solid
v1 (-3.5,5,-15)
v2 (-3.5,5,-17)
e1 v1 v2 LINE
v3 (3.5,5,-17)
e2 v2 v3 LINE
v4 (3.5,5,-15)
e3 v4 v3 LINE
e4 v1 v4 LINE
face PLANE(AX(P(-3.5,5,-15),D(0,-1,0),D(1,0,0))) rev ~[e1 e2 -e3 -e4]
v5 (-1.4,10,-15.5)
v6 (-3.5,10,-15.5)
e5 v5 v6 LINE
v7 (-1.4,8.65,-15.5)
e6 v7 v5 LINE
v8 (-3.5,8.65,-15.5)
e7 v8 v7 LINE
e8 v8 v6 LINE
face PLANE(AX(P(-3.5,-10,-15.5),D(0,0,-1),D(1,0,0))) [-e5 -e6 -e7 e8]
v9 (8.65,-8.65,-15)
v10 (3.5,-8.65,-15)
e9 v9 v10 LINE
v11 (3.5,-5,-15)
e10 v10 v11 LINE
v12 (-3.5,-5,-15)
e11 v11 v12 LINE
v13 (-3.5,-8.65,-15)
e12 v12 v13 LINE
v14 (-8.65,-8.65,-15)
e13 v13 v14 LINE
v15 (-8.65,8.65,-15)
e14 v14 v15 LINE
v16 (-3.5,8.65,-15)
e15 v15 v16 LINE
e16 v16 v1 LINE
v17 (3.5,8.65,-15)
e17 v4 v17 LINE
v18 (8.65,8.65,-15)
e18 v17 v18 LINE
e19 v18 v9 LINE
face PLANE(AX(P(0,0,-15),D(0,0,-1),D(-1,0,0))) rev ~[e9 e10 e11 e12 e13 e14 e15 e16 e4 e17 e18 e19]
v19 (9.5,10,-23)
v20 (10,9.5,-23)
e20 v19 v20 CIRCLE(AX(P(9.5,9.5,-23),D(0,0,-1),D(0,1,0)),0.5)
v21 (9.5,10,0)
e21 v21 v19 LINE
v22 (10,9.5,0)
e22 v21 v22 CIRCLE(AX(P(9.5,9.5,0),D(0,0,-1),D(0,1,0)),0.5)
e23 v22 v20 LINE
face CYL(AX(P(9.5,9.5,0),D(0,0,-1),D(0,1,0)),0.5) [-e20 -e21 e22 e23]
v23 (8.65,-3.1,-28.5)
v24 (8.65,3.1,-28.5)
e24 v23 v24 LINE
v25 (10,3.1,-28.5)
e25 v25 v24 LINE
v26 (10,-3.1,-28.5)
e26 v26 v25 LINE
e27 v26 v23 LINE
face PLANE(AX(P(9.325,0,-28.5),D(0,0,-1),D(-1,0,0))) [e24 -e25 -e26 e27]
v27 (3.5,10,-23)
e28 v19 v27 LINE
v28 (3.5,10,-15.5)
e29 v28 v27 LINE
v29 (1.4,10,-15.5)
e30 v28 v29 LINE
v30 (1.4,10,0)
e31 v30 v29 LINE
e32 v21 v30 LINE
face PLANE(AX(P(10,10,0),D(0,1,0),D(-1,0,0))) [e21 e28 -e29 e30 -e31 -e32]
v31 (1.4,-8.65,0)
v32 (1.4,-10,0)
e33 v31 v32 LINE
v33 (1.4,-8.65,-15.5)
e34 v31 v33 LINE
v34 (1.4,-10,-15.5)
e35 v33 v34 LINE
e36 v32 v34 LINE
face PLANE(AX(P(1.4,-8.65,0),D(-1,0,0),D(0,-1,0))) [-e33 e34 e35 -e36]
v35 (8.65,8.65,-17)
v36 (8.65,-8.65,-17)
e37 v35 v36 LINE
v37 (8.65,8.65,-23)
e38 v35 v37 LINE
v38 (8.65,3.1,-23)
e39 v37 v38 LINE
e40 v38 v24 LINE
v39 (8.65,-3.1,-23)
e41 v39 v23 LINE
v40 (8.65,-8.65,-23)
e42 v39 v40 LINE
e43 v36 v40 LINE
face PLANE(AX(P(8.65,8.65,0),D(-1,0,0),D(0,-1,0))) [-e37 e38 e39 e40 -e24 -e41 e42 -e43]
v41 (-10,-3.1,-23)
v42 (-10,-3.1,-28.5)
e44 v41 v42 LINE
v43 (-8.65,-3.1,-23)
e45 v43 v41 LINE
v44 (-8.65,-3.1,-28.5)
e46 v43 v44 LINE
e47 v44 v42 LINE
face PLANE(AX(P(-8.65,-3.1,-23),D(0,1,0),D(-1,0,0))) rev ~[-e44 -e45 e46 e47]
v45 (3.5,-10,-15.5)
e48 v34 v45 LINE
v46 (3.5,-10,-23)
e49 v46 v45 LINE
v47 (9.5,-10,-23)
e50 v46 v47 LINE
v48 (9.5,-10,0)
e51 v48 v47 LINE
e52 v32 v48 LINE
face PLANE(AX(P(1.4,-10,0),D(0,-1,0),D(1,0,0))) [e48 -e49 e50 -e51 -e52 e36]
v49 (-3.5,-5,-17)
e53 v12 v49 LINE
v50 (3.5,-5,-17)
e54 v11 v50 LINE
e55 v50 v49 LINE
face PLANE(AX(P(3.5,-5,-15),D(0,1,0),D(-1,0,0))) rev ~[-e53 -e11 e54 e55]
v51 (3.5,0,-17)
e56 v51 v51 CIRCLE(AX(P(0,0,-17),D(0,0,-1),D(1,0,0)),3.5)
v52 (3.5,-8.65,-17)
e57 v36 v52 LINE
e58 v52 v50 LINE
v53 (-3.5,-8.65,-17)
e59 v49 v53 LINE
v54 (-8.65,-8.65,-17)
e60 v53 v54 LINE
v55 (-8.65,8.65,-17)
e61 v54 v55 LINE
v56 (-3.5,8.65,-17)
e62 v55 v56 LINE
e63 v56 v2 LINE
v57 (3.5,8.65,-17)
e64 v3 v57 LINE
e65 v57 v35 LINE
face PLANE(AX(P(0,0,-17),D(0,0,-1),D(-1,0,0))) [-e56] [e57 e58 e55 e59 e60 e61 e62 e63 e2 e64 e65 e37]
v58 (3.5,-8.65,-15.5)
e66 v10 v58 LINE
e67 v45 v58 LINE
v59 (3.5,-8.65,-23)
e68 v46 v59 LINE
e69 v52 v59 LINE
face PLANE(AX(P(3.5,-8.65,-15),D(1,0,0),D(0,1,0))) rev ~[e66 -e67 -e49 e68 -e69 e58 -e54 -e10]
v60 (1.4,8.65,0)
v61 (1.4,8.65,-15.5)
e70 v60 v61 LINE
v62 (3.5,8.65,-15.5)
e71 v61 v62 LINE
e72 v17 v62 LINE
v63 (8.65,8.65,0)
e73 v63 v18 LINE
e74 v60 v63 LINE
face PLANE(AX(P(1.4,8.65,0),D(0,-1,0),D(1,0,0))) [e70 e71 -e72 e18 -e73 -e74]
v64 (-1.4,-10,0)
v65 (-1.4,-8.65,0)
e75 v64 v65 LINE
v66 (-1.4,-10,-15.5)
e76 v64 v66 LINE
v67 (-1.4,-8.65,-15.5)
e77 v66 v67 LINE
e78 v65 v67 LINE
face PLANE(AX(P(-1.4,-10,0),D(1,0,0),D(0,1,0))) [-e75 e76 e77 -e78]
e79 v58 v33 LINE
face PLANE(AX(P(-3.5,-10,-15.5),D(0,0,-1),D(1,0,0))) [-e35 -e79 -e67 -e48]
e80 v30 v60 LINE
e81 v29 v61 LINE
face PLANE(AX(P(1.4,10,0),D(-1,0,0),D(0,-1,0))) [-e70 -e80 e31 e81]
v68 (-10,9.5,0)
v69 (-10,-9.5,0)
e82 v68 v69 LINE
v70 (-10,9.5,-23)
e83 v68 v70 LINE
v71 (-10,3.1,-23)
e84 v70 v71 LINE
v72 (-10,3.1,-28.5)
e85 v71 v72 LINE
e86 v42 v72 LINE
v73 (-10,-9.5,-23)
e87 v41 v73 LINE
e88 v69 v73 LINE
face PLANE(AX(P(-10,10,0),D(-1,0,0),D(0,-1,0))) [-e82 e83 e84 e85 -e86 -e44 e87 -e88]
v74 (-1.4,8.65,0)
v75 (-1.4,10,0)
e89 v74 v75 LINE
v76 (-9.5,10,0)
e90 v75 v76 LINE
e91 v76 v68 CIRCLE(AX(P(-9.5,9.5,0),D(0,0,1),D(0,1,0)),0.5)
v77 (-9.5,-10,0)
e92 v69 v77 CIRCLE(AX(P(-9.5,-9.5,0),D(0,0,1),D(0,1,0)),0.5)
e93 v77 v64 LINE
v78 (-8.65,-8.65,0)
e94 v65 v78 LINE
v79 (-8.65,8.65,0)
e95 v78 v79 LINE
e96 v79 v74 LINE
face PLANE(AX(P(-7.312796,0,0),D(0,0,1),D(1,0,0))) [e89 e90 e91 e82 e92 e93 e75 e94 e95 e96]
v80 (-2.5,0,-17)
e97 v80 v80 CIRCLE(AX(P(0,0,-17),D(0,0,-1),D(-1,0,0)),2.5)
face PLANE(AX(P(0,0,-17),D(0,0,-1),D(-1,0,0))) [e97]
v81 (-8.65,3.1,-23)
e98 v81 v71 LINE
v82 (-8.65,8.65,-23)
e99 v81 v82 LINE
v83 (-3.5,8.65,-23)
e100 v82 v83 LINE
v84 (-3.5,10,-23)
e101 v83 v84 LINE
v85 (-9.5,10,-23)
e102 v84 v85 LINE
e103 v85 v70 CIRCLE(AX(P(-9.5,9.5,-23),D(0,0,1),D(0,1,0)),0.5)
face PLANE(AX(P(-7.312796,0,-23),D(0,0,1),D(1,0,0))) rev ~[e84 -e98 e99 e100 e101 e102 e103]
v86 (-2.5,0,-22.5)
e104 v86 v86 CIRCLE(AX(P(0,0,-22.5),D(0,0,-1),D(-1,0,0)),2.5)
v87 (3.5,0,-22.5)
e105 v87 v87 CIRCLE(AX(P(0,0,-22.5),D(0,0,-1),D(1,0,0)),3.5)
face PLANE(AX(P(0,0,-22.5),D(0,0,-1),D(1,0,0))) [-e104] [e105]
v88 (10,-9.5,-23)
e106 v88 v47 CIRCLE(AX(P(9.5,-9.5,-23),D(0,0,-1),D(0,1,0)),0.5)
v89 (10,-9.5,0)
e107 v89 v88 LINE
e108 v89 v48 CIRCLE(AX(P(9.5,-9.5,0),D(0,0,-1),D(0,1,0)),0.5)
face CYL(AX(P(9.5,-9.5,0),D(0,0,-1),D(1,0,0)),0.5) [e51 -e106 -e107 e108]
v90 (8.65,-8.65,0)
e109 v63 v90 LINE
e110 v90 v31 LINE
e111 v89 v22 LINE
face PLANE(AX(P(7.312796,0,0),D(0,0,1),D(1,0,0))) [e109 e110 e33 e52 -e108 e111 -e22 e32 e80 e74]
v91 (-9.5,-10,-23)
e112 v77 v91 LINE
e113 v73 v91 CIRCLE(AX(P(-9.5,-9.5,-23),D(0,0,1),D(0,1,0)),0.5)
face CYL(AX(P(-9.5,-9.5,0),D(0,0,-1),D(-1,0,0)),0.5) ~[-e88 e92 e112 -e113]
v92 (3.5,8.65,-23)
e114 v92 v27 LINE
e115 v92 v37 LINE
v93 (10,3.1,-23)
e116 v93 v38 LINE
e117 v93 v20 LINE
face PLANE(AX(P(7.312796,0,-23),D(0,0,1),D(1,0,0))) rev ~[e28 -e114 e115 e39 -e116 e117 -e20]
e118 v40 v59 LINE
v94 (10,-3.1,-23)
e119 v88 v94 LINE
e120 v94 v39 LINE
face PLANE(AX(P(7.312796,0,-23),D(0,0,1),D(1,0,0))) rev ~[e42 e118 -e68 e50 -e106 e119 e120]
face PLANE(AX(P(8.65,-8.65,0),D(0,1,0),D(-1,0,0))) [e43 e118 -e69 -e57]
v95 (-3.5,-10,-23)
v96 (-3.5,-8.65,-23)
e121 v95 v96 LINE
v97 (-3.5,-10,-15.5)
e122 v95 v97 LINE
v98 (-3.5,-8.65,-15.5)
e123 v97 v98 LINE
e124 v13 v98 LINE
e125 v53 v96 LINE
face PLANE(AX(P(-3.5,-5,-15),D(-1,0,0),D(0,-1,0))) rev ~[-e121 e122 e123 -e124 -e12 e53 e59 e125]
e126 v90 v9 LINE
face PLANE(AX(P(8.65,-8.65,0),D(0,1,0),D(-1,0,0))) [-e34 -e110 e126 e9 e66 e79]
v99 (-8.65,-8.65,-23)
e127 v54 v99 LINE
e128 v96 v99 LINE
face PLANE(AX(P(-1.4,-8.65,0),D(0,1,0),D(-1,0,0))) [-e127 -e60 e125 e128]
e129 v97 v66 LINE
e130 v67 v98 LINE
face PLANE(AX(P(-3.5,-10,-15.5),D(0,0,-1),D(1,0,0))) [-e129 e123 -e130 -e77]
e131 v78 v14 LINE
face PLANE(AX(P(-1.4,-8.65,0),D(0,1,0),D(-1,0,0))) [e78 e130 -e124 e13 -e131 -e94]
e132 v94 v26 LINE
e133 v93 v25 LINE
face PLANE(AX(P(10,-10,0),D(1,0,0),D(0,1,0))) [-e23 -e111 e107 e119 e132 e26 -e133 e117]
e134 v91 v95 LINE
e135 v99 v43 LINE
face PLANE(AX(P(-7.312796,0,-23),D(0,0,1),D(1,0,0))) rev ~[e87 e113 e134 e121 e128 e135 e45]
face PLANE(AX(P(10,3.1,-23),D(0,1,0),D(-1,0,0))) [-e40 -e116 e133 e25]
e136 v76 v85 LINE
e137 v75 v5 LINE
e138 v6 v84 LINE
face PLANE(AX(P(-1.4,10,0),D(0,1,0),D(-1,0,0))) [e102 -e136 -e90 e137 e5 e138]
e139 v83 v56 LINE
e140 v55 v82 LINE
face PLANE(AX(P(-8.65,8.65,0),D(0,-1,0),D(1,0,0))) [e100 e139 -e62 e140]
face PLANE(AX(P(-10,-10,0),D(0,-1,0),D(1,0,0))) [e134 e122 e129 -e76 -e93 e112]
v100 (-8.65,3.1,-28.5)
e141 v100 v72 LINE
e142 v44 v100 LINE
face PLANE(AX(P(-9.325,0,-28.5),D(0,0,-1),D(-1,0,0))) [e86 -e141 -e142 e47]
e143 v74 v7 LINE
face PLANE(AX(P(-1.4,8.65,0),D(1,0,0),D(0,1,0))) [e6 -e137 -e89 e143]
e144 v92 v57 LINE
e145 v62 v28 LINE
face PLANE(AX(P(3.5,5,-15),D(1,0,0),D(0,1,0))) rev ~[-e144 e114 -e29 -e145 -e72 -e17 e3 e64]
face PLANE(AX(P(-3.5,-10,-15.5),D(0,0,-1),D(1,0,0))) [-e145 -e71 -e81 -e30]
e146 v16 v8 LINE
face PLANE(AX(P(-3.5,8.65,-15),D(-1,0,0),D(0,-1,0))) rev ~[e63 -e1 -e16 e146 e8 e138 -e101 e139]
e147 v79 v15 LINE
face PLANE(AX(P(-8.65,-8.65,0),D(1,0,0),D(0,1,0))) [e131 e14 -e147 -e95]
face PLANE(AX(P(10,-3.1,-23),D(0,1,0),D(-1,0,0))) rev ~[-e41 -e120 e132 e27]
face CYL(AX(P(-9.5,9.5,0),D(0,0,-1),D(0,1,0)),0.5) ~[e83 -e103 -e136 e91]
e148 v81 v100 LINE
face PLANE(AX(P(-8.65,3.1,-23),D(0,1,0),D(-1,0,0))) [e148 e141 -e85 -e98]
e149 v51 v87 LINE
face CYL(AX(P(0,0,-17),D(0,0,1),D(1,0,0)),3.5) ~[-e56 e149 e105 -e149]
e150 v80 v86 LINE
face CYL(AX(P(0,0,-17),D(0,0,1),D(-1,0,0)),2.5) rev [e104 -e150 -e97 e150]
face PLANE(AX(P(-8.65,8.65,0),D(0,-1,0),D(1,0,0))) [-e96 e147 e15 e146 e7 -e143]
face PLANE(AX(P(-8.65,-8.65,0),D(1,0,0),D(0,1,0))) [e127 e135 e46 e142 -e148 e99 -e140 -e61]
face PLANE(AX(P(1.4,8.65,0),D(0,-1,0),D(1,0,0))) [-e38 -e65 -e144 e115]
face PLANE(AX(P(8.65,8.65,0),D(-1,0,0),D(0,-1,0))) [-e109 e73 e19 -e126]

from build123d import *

# Parameters (mm, degrees)
BOSS_EXTRUDE1_DEPTH      = 23
BOSS_EXTRUDE1_2_DEPTH    = 23
SKETCH2_W                = 7
SKETCH2_H                = 7.5
CUT_EXTRUDE1_DEPTH       = 22
BOSS_EXTRUDE2_DEPTH      = 1.5
BOSS_EXTRUDE2_DEPTH_BACK = 0.5
FILLET1_R                = 0.5
SKETCH4_R                = 3.5
SKETCH4_R_2              = 2.5
BOSS_EXTRUDE3_DEPTH      = 5.5
SKETCH5_W                = 1.35
SKETCH5_H                = 6.2
BOSS_EXTRUDE4_DEPTH      = 5.5


with BuildPart() as part:
    # Sketch1 → Boss-Extrude1 (new body)
    with BuildSketch(Plane.XY):
        Polygon((-8.65, 8.65), (-1.4, 8.65), (-1.4, 10), (-10, 10), (-10, -10), (-1.4, -10), (-1.4, -8.65), (-8.65, -8.65), align=None)
    extrude(amount=-BOSS_EXTRUDE1_DEPTH)


with BuildPart() as body_2:
    # Sketch1 → Boss-Extrude1 2 (new body)
    with BuildSketch(Plane.XY):
        Polygon((10, -10), (10, 10), (1.4, 10), (1.4, 8.65), (8.65, 8.65), (8.65, -8.65), (1.4, -8.65), (1.4, -10), align=None)
    extrude(amount=-BOSS_EXTRUDE1_2_DEPTH)


with BuildPart() as cut_extrude1_tool:
    # Sketch2 → Cut-Extrude1 (new body)
    with BuildSketch(Plane.XZ.offset(10)):
        with Locations((0, -19.25)):
            Rectangle(SKETCH2_W, SKETCH2_H)
    extrude(amount=-CUT_EXTRUDE1_DEPTH)


with BuildPart() as part_1:
    add(part.part)

    # Cut-Extrude1: cut by cut_extrude1_tool
    add(cut_extrude1_tool.part, mode=Mode.SUBTRACT)



with BuildPart() as body_2_1:
    add(body_2.part)

    # Cut-Extrude1: cut by cut_extrude1_tool
    add(cut_extrude1_tool.part, mode=Mode.SUBTRACT)


with BuildPart() as part_2:
    add(part_1.part)

    add(body_2_1.part)  # Boss-Extrude2 merges body 2
    # Sketch3 → Boss-Extrude2 (add, two sides: drawn at the far end of the back side and taken through both)
    with BuildSketch(Plane(origin=(0, 0, -15.5), x_dir=(-1, 0, 0), z_dir=(0, 0, -1)).offset(-BOSS_EXTRUDE2_DEPTH_BACK)):
        Polygon((8.65, 8.65), (3.5, 8.65), (3.5, 5), (-3.5, 5), (-3.5, 8.65), (-8.65, 8.65), (-8.65, -8.65), (-3.5, -8.65), (-3.5, -5), (3.5, -5), (3.5, -8.65), (8.65, -8.65), align=None)
    extrude(amount=BOSS_EXTRUDE2_DEPTH + BOSS_EXTRUDE2_DEPTH_BACK)

    # Fillet1
    fillet1_edges = [part_2.edges().sort_by_distance(p)[0] for p in [
        (10, 10, -11.5),
        (10, -10, -11.5),
        (-10, -10, -11.5),
        (-10, 10, -11.5),
    ]]
    fillet(fillet1_edges, radius=FILLET1_R)

    # Sketch4 → Boss-Extrude3 (add)
    with BuildSketch(Plane(origin=(0, 0, -17), x_dir=(-1, 0, 0), z_dir=(0, 0, -1))):
        with Locations(Location((0, 0, 0), (0, 0, 180))):
            Circle(SKETCH4_R)
        Circle(SKETCH4_R_2, mode=Mode.SUBTRACT)
    extrude(amount=BOSS_EXTRUDE3_DEPTH)

    # Sketch5 → Boss-Extrude4 (add)
    with BuildSketch(Plane(origin=(0, 0, -23), x_dir=(-1, 0, 0), z_dir=(0, 0, -1))):
        with Locations((-9.325, 0)):
            Rectangle(SKETCH5_W, SKETCH5_H)
        with Locations((9.325, 0)):
            Rectangle(SKETCH5_W, SKETCH5_H)
    extrude(amount=BOSS_EXTRUDE4_DEPTH)


solid = part_2.part
